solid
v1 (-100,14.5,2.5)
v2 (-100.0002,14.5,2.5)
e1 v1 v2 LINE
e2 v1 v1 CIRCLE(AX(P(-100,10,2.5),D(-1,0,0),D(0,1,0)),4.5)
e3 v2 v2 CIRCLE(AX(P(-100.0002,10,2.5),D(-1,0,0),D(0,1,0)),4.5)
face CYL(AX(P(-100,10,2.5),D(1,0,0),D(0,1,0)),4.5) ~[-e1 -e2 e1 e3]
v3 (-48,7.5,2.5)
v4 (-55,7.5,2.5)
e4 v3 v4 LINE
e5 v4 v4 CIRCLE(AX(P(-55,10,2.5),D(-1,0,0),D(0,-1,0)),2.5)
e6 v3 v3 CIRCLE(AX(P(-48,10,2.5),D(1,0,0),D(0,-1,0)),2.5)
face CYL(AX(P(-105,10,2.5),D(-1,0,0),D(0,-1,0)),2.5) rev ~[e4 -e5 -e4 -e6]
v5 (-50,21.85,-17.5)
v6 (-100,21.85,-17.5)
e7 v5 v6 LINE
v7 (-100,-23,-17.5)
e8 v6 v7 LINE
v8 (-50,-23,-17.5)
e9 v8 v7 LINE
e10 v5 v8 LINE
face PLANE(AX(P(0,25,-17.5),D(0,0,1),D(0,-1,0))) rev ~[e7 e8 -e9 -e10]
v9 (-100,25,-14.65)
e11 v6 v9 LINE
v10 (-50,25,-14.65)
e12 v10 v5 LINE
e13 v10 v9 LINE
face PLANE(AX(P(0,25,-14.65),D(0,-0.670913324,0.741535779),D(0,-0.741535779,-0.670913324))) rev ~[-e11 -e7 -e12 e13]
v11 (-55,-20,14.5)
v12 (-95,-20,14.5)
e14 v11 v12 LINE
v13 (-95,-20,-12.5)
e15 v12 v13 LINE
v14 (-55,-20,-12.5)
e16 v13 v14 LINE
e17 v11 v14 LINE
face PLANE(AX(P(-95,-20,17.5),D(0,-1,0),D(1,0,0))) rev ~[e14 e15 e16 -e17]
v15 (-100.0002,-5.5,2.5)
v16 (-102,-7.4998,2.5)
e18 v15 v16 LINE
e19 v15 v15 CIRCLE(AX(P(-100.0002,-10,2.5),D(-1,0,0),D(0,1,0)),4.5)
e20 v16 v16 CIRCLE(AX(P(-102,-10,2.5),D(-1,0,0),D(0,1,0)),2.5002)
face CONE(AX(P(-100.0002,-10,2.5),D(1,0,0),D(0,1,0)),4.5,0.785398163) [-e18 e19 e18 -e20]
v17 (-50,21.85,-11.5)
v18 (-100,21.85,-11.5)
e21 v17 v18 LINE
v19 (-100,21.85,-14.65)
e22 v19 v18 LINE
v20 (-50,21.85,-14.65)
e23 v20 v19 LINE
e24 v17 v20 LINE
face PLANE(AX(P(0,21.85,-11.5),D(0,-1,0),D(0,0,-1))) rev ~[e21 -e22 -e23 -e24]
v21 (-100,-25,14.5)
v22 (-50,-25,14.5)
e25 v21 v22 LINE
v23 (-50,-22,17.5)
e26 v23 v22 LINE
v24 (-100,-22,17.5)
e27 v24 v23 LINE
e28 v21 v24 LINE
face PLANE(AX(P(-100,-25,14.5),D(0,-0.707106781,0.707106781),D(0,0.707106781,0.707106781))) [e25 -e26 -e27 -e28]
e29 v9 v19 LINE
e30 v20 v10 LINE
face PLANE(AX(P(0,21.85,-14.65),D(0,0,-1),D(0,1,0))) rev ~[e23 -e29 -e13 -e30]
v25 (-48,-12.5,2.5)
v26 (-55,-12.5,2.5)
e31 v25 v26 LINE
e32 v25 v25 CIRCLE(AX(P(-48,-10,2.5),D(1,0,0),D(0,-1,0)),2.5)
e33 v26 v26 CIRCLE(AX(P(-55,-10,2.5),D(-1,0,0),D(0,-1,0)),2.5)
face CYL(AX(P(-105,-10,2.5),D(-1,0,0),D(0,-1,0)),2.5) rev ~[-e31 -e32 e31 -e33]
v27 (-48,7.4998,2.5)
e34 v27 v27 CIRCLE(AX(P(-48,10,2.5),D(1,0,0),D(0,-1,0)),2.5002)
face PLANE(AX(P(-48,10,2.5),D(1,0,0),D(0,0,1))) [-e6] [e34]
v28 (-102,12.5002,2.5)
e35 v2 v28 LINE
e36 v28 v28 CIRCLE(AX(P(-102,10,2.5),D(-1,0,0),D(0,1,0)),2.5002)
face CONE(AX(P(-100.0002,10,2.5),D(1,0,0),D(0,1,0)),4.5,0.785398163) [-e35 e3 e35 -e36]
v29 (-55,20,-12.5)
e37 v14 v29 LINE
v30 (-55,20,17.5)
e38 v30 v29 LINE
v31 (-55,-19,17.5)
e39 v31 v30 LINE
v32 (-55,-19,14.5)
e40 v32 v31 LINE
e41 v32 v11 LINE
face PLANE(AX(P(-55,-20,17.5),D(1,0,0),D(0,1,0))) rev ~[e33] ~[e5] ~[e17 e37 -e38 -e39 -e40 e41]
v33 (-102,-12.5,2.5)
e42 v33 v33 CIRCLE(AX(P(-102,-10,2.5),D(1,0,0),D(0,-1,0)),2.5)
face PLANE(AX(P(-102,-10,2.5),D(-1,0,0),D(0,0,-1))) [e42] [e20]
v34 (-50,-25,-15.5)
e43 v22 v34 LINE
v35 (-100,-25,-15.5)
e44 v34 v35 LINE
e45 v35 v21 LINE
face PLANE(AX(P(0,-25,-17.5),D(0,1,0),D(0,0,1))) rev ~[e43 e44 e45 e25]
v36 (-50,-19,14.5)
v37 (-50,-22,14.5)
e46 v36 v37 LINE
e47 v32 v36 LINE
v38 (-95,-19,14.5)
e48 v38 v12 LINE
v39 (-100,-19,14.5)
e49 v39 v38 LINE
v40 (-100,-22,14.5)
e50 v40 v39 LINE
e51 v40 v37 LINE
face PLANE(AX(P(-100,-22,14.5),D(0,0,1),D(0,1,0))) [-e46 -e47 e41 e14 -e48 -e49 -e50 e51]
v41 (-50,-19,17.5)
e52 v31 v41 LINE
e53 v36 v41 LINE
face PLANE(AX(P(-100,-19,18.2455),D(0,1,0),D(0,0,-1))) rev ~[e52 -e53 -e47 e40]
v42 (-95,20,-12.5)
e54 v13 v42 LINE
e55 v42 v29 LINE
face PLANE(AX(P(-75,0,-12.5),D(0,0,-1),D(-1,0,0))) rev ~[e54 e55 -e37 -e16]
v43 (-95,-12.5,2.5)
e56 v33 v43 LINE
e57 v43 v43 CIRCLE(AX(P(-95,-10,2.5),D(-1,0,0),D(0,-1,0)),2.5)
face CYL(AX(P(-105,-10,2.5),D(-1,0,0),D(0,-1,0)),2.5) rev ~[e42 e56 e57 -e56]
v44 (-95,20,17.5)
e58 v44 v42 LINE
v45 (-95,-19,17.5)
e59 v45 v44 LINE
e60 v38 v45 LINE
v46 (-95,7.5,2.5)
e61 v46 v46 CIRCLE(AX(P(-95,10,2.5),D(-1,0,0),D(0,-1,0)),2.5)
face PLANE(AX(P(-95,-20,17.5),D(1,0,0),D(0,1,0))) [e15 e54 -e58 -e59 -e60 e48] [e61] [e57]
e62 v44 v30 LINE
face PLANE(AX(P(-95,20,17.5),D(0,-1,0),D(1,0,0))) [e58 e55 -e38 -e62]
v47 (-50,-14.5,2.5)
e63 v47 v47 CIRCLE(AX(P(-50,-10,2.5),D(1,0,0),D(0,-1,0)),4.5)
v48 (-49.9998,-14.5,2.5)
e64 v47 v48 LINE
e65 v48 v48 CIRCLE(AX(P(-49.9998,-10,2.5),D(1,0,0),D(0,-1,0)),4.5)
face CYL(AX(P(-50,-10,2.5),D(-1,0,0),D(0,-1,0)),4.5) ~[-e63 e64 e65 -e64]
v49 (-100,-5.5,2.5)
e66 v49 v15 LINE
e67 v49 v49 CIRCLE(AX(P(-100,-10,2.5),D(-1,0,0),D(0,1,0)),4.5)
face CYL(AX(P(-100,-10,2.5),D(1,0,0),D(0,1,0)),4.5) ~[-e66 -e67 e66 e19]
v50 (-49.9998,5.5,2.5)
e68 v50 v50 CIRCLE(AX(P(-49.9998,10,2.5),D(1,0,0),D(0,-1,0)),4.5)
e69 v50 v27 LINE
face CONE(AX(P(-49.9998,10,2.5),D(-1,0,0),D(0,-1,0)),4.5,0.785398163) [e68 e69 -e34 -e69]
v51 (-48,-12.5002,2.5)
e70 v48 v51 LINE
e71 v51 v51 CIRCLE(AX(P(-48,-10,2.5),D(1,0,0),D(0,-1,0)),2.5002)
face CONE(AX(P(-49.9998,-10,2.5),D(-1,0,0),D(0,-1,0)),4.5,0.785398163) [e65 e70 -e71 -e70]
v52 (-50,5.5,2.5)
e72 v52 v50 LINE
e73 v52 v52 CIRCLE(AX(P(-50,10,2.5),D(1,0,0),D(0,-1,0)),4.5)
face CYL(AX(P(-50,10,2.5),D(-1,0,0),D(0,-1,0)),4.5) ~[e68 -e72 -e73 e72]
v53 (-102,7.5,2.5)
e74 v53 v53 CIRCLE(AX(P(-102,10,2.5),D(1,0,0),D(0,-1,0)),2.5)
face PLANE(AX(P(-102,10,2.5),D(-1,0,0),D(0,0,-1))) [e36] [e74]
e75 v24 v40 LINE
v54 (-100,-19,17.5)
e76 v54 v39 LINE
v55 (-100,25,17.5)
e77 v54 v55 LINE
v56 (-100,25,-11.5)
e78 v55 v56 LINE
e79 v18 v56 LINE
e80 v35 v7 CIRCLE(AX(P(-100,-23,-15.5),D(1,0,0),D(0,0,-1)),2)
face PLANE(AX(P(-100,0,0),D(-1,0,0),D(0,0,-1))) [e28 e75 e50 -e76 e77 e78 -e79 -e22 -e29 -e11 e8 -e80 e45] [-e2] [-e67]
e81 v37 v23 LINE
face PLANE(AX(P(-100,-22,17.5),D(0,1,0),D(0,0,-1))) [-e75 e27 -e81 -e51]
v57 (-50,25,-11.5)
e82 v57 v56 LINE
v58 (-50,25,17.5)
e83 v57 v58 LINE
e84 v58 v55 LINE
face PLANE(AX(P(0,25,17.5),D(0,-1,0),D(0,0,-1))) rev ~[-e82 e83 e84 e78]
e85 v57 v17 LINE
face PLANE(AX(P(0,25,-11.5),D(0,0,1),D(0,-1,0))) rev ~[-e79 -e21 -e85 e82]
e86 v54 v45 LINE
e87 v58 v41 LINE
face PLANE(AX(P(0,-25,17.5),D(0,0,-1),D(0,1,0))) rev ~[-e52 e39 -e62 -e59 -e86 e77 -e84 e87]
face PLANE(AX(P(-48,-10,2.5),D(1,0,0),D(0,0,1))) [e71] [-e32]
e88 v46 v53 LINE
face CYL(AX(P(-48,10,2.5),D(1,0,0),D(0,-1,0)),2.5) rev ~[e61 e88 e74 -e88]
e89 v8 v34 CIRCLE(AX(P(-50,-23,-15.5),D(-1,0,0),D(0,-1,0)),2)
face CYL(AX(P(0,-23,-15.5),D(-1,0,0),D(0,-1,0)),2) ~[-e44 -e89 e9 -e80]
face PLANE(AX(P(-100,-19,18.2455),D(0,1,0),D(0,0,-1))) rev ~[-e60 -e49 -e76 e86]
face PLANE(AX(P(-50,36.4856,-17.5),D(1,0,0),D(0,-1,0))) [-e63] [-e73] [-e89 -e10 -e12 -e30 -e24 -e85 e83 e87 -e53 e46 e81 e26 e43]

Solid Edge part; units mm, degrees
sketch "Sketch1" plane through (0, 0, 0) normal (-1, 0, 0) x (0, -1, 0)
  line L0 (25, -17.5) -> (25, 17.5)
  line L1 (25, 17.5) -> (-25, 17.5)
  line L2 (-25, 17.5) -> (-25, -17.5)
  line L3 (-25, -17.5) -> (25, -17.5)
  dimension "D1" = 35
  dimension "D2" = 50
extrude "Protrusion1" add sketch "Sketch1" along normal blind 100
sketch "Sketch2" plane through (-50, 0, 17.5) normal (0, 0, 1) x (0, 1, 0)
  line L0 (20, 45) -> (20, 5)
  line L1 (-20, 5) -> (20, 5)
  line L2 (-20, 45) -> (-20, 5)
  line L3 (-20, 45) -> (20, 45)
  dimension "D1" = 40
  dimension "D2" = 5
  dimension "D3" = 5
extrude "Cutout1" cut sketch "Sketch2" against normal blind 30
sketch "Sketch3" plane through (-105, 10, 2.5) normal (-1, 0, 0) x (0, -1, 0)
  circle A0 centre (0, 0) radius 2.5
  circle A1 centre (20, 0) radius 2.5
extrude "ExtrudedCutout_41" cut sketch "Sketch3" against normal blind 159
fillet "Round_8" radius 2 1 edges at (-50, -25, -17.5)
sketch "Sketch4" plane through (-50, -0.575, -17.5) normal (0, 0, -1) x (0, -1, 0)
  line L0 (-37.0606, 0) -> (53.9819, 0)
  line L1 (41.8981, -54.6569) -> (53.9819, 0)
  line L2 (-28.9495, -54.6569) -> (41.8981, -54.6569)
  line L3 (-37.0606, 0) -> (-28.9495, -54.6569)
  dimension "D1" = 91.0425
  dimension "D2" = 50
  dimension "D3" = 55.2554
  dimension "D4" = 70.8476
  dimension "D5" = 55.9767
extrude "ExtrudedCutout_43" cut sketch "Sketch4" against normal blind 65
sketch "Sketch5" plane through (0, 0, 0) normal (1, 0, 0) x (0, -1, 0)
  line L0 (-25, 11.5) -> (-21.85, 11.5)
  line L1 (-21.85, 11.5) -> (-21.85, 14.65)
  line L2 (-21.85, 14.65) -> (-25, 14.65)
  line L3 (-25, 14.65) -> (-21.85, 17.5)
  line L4 (-21.85, 17.5) -> (-21.85, 20.916)
  line L5 (-21.85, 20.916) -> (-29.169, 20.916)
  line L6 (-29.169, 20.916) -> (-29.169, 11.5)
  line L7 (-29.169, 11.5) -> (-25, 11.5)
  dimension "D1" = 3.15
  dimension "D2" = 3.15
  dimension "D3" = 4.2479
  dimension "D4" = 3.416
  dimension "D5" = 7.319
  dimension "D6" = 9.416
  dimension "D7" = 4.169
extrude "Cutout2" cut sketch "Sketch5" against normal blind 112
sketch "Sketch6" plane through (-50, 0, 0) normal (1, 0, 0) x (0, -1, 0)
  circle A0 centre (-10, -2.5) radius 4.5
  circle A1 centre (10, -2.5) radius 4.5
extrude "ExtrudedProtrusion_35" add sketch "Sketch6" along normal blind 2
chamfer "Chamfer_22" distance 2 angle 45 2 edges at (-48, 14.5, 2.5) (-48, -5.5, 2.5)
sketch "Sketch7" plane through (-100, 0, 0) normal (-1, 0, 0) x (0, 1, 0)
  circle A0 centre (-10, -2.5) radius 4.5
  circle A1 centre (10, -2.5) radius 4.5
extrude "Protrusion2" add sketch "Sketch7" along normal blind 2
chamfer "Chamfer1" distance 2 angle 45 2 edges at (-102, 5.5, 2.5) (-102, -14.5, 2.5)
sketch "Sketch8" plane through (-48, 10, 2.5) normal (1, 0, 0) x (0, -1, 0)
  circle A0 centre (0, 0) radius 2.5
  circle A1 centre (20, 0) radius 2.5
extrude "ExtrudedCutout_46" cut sketch "Sketch8" against normal blind 116
sketch "Sketch9" plane through (-100, 0, 0) normal (-1, 0, 0) x (0, 0, -1)
  line L0 (-17.5, 22) -> (-14.5, 22)
  line L1 (-14.5, 22) -> (-14.5, 19)
  line L2 (-18.2455, 19) -> (-14.5, 19)
  line L3 (-22.1546, 18.9551) -> (-18.2455, 19)
  line L4 (-22.1546, 28.0438) -> (-22.1546, 18.9551)
  line L5 (-14.5, 28.0438) -> (-22.1546, 28.0438)
  line L6 (-14.5, 25) -> (-14.5, 28.0438)
  line L7 (-14.5, 25) -> (-17.5, 22)
  dimension "D1" = 4.2426
  dimension "D2" = 3
  dimension "D3" = 3.0438
  dimension "D4" = 7.6546
  dimension "D5" = 9.0887
extrude "ExtrudedCutout_47" cut sketch "Sketch9" against normal blind 68
